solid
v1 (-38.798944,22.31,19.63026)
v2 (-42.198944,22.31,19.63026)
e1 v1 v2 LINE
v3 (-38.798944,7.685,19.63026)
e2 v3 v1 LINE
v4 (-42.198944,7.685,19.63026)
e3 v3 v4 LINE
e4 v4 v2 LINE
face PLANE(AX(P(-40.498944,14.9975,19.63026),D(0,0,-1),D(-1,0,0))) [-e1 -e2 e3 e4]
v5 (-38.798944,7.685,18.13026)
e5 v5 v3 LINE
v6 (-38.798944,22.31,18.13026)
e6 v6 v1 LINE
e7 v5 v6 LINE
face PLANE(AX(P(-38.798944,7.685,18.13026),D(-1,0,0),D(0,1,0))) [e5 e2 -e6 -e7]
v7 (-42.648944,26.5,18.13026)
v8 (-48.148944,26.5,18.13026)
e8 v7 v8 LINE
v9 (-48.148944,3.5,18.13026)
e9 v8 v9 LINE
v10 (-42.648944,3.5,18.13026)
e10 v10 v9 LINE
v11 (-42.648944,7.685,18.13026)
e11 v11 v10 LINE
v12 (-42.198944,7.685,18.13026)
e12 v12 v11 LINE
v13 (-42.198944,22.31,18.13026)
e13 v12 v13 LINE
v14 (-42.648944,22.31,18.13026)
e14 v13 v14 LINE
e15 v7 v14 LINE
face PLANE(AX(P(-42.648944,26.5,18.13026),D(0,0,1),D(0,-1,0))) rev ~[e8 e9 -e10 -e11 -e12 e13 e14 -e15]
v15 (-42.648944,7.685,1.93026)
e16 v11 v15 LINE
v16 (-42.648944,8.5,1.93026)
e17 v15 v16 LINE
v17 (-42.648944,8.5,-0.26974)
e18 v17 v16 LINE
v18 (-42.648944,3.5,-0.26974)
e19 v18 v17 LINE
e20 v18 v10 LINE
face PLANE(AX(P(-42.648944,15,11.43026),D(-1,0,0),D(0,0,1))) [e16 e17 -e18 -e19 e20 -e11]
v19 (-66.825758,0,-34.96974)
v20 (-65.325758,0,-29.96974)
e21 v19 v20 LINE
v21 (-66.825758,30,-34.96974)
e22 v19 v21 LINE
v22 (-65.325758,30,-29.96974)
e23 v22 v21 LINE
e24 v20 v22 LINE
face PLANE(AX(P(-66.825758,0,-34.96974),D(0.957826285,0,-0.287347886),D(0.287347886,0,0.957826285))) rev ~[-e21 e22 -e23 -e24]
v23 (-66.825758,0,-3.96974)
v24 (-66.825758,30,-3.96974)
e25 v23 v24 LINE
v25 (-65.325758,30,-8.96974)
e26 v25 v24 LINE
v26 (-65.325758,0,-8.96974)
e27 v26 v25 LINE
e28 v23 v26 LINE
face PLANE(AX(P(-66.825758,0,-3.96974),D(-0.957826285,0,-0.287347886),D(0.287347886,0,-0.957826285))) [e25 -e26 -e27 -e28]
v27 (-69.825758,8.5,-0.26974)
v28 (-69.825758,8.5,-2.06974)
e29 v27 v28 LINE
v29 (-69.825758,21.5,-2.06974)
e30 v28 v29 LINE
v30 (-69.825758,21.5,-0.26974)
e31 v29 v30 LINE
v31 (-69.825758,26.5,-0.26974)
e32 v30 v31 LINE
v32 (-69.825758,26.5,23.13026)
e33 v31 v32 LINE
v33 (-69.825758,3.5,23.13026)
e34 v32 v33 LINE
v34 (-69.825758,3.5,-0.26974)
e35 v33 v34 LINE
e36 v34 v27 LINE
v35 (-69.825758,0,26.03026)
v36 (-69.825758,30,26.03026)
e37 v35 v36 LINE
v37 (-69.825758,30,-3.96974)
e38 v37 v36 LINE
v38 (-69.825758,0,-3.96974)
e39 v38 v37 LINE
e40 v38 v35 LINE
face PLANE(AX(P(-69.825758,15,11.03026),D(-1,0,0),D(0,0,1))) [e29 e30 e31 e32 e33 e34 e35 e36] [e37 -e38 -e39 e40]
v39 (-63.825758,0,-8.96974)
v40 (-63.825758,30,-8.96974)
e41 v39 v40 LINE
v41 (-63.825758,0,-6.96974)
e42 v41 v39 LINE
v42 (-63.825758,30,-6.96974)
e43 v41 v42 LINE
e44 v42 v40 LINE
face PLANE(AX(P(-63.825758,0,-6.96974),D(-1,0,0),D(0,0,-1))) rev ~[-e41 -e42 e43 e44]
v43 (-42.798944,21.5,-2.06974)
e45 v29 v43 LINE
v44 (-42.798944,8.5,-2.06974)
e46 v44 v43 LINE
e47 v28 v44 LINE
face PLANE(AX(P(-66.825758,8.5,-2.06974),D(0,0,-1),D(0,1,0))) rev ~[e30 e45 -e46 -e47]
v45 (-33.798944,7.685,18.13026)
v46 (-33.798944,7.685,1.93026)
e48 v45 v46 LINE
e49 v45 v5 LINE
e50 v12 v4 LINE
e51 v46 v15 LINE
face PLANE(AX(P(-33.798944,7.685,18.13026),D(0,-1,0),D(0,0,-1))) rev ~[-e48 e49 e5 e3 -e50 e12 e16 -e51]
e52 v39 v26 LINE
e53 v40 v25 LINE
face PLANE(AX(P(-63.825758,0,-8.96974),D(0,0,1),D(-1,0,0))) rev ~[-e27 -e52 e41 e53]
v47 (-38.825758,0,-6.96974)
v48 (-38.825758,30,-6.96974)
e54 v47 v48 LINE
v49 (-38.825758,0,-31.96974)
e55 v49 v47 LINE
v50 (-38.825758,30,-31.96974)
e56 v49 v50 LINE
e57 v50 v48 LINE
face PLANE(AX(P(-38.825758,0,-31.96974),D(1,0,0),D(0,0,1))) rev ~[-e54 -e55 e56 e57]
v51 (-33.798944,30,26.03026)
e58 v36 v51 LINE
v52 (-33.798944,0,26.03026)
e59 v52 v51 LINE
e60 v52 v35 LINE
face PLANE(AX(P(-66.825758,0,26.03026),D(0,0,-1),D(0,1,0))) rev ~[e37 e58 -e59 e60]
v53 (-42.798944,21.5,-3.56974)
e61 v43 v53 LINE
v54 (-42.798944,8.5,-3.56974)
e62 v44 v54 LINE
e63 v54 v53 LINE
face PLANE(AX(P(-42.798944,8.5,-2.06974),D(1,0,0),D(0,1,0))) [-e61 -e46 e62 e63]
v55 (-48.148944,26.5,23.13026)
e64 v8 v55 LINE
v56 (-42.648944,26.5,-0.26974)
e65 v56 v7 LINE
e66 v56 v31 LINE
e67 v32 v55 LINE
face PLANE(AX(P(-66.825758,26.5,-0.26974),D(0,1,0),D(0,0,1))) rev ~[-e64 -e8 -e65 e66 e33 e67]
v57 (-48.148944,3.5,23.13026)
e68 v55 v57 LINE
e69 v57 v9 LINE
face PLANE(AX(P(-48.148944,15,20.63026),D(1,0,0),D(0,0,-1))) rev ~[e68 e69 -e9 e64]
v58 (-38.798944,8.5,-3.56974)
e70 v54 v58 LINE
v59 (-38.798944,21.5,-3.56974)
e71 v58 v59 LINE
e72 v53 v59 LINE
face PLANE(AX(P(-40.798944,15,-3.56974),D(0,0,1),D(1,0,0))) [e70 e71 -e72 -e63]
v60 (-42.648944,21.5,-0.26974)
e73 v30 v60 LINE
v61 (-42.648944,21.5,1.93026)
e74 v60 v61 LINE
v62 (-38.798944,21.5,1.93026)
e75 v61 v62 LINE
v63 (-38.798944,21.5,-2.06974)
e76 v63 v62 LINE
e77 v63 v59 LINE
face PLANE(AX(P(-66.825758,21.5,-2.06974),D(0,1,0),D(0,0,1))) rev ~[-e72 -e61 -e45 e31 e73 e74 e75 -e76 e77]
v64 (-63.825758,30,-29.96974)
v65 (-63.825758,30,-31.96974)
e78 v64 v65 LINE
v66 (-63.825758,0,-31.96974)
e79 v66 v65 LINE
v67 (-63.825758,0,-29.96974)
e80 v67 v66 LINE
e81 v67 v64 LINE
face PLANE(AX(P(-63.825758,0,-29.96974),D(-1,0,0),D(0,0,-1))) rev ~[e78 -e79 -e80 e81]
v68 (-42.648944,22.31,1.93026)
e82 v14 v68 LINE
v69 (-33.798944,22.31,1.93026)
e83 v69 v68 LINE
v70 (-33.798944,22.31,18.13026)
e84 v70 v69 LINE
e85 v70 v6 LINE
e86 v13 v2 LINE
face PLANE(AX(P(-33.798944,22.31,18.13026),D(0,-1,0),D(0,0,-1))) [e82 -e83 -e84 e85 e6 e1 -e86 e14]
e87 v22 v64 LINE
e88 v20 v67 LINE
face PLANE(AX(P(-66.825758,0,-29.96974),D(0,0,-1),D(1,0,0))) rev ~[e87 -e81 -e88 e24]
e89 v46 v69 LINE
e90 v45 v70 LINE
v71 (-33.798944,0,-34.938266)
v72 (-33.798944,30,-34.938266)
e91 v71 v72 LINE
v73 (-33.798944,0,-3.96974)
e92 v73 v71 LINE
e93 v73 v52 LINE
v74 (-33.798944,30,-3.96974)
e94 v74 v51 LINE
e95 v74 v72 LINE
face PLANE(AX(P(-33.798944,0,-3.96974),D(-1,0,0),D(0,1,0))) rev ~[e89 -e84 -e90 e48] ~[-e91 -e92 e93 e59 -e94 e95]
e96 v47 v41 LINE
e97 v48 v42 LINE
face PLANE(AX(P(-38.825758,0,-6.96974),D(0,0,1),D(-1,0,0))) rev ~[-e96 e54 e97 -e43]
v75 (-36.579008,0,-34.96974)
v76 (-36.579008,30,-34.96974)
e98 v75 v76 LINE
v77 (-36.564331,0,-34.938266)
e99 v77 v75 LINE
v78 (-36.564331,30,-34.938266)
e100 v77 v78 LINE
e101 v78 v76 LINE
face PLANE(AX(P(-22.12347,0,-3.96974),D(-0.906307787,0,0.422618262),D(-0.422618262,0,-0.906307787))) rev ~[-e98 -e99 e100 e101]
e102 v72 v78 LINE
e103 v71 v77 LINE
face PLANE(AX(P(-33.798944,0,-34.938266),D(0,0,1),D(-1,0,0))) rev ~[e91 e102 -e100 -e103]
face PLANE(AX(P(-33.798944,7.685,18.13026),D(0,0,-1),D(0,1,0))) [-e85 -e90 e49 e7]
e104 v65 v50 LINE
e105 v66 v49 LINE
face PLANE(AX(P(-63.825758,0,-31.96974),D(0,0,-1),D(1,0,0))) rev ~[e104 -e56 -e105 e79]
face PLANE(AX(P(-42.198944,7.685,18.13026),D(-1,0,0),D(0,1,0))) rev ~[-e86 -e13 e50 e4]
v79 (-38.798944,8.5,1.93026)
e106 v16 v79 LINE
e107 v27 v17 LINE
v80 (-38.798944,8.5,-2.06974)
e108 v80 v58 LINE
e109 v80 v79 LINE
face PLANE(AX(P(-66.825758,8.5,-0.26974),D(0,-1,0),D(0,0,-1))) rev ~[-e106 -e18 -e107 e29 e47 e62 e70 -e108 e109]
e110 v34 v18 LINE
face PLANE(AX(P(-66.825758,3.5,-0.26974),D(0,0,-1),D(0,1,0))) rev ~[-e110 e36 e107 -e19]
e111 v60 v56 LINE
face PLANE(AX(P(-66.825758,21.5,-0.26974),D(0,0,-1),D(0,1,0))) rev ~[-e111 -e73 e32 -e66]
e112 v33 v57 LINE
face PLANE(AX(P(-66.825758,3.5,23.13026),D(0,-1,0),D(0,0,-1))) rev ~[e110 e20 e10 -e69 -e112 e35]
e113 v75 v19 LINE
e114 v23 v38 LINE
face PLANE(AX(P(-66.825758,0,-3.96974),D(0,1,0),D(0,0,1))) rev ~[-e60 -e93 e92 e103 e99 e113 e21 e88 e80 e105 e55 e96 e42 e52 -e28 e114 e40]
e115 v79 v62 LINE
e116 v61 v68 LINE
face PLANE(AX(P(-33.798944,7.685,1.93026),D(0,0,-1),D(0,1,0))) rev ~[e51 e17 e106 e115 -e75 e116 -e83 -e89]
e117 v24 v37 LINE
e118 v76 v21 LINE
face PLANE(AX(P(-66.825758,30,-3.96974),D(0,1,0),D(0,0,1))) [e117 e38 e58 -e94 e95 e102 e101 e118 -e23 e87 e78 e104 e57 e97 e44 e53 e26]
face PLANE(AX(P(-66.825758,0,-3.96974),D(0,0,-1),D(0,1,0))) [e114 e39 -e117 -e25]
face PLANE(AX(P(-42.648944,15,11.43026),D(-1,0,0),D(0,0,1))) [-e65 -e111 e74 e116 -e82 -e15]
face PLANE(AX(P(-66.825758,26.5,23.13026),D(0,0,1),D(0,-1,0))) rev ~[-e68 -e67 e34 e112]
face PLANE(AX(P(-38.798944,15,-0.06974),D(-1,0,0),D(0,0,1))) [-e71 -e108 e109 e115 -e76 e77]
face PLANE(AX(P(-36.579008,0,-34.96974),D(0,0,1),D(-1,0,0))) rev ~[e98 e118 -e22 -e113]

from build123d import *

# Parameters (mm, degrees)
EXTRUDE_1_DEPTH      = 30
CUT_EXTRUDE_4_DEPTH  = 82.16997337
SKETCH_7_W           = 16.60831278
SKETCH_7_H           = 38.473598513
CUT_EXTRUDE_14_DEPTH = 82.16997337
SKETCH_8_W           = 5
SKETCH_8_H           = 30.968526609
EXTRUDE_2_DEPTH      = 30
SKETCH_9_W           = 33.026813651
SKETCH_9_H           = 30
EXTRUDE_3_DEPTH      = 30
SKETCH_10_W          = 16.2
SKETCH_10_H          = 14.625
CUT_EXTRUDE_15_DEPTH = 57.68909173
SKETCH_11_W          = 23.4
SKETCH_11_H          = 23
CUT_EXTRUDE_16_DEPTH = 24.17681365
SKETCH_13_W          = 3.4
SKETCH_13_H          = 14.625
CUT_EXTRUDE_17_DEPTH = 1.5
EXTRUDE_4_DEPTH      = 5.5
SKETCH_15_W          = 4
SKETCH_15_H          = 13
CUT_EXTRUDE_18_DEPTH = 28.02681365
SKETCH_16_W          = 4
SKETCH_16_H          = 13
CUT_EXTRUDE_19_DEPTH = 1.5
SKETCH_17_W          = 30
SKETCH_17_H          = 30
EXTRUDE_5_DEPTH      = 3


with BuildPart() as part:
    # Эскиз1 → Бобышка-Вытянуть1 (new body)
    with BuildSketch(Plane(origin=(0, 0, 0), x_dir=(1, 0, 0), z_dir=(0, 1, 0))):
        Polygon((-66.825757576, 34.969739794), (-66.825757576, 29.969739794), (-63.825757576, 29.969739794), (-63.825757576, 31.969739794), (-38.825757576, 31.969739794), (-38.825757576, 6.969739794), (-63.825757576, 6.969739794), (-63.825757576, 8.969739794), (-66.825757576, 8.969739794), (-66.825757576, 3.969739794), (-22.123470102, 3.969739794), (-36.579007505, 34.969739794), align=None)
    extrude(amount=EXTRUDE_1_DEPTH)

    # Эскиз3 → Вырез-Вытянуть4 (cut, through all)
    with BuildSketch(Plane.XZ):
        Polygon((-66.825757576, -3.969739794), (-65.325757576, -8.969739794), (-66.825757576, -8.969739794), align=None)
        Polygon((-66.825757576, -29.969739794), (-66.825757576, -34.969739794), (-65.325757576, -29.969739794), align=None)
    extrude(amount=-CUT_EXTRUDE_4_DEPTH, mode=Mode.SUBTRACT)

    # Эскиз7 → Вырез-Вытянуть14 (cut, through all)
    with BuildSketch(Plane(origin=(0, 0, 0), x_dir=(-1, 0, 0), z_dir=(0, -1, 0))):
        with Locations((27.703474463, 20.539743139)):
            Rectangle(SKETCH_7_W, SKETCH_7_H)
    extrude(amount=-CUT_EXTRUDE_14_DEPTH, mode=Mode.SUBTRACT)

    # Эскиз8 → Бобышка-Вытянуть2 (add)
    with BuildSketch(Plane(origin=(0, 0, 0), x_dir=(-1, 0, 0), z_dir=(0, -1, 0))):
        with Locations((36.298943925, 19.454003098)):
            Rectangle(SKETCH_8_W, SKETCH_8_H)
    extrude(amount=-EXTRUDE_2_DEPTH)

    # Эскиз9 → Бобышка-Вытянуть3 (add)
    with BuildSketch(Plane.XY.offset(-3.969739794)):
        with Locations((-50.312350751, 15)):
            Rectangle(SKETCH_9_W, SKETCH_9_H)
    extrude(amount=EXTRUDE_3_DEPTH)

    # Эскиз10 → Вырез-Вытянуть15 (cut, through all)
    with BuildSketch(Plane(origin=(-33.798943925, 0, 0), x_dir=(0, 0, -1), z_dir=(1, 0, 0))):
        with Locations((-10.030260206, 14.9975)):
            Rectangle(SKETCH_10_W, SKETCH_10_H)
    extrude(amount=-CUT_EXTRUDE_15_DEPTH, mode=Mode.SUBTRACT)

    # Эскиз11 → Вырез-Вытянуть16 (cut)
    with BuildSketch(Plane.ZY.offset(66.825757576)):
        with Locations((11.430260206, 15)):
            Rectangle(SKETCH_11_W, SKETCH_11_H)
    extrude(amount=-CUT_EXTRUDE_16_DEPTH, mode=Mode.SUBTRACT)

    # Эскиз13 → Вырез-Вытянуть17 (cut)
    with BuildSketch(Plane(origin=(0, 0, 18.130260206), x_dir=(-1, 0, 0), z_dir=(0, 0, -1))):
        with Locations((40.498943925, 14.9975)):
            Rectangle(SKETCH_13_W, SKETCH_13_H)
    extrude(amount=-CUT_EXTRUDE_17_DEPTH, mode=Mode.SUBTRACT)

    # Эскиз14 → Бобышка-Вытянуть4 (add)
    with BuildSketch(Plane.ZY.offset(42.648943925)):
        Polygon((18.130260206, 22.31), (18.130260206, 26.5), (23.130260206, 26.5), (23.130260206, 3.5), (18.130260206, 3.5), (18.130260206, 7.685), align=None)
    extrude(amount=EXTRUDE_4_DEPTH)

    # Эскиз15 → Вырез-Вытянуть18 (cut)
    with BuildSketch(Plane.ZY.offset(66.825757576)):
        with Locations((-0.069739794, 15)):
            Rectangle(SKETCH_15_W, SKETCH_15_H)
    extrude(amount=-CUT_EXTRUDE_18_DEPTH, mode=Mode.SUBTRACT)

    # Эскиз16 → Вырез-Вытянуть19 (cut)
    with BuildSketch(Plane.XY.offset(-2.069739794)):
        with Locations((-40.798943925, 15)):
            Rectangle(SKETCH_16_W, SKETCH_16_H)
    extrude(amount=-CUT_EXTRUDE_19_DEPTH, mode=Mode.SUBTRACT)

    # Эскиз17 → Бобышка-Вытянуть5 (add)
    with BuildSketch(Plane.ZY.offset(66.825757576)):
        with Locations((11.030260206, 15)):
            Rectangle(SKETCH_17_W, SKETCH_17_H)
        Polygon((-0.269739794, 26.5), (23.130260206, 26.5), (23.130260206, 3.5), (-0.269739794, 3.5), (-0.269739794, 8.5), (-2.069739794, 8.5), (-2.069739794, 21.5), (-0.269739794, 21.5), align=None, mode=Mode.SUBTRACT)
    extrude(amount=EXTRUDE_5_DEPTH)


solid = part.part
